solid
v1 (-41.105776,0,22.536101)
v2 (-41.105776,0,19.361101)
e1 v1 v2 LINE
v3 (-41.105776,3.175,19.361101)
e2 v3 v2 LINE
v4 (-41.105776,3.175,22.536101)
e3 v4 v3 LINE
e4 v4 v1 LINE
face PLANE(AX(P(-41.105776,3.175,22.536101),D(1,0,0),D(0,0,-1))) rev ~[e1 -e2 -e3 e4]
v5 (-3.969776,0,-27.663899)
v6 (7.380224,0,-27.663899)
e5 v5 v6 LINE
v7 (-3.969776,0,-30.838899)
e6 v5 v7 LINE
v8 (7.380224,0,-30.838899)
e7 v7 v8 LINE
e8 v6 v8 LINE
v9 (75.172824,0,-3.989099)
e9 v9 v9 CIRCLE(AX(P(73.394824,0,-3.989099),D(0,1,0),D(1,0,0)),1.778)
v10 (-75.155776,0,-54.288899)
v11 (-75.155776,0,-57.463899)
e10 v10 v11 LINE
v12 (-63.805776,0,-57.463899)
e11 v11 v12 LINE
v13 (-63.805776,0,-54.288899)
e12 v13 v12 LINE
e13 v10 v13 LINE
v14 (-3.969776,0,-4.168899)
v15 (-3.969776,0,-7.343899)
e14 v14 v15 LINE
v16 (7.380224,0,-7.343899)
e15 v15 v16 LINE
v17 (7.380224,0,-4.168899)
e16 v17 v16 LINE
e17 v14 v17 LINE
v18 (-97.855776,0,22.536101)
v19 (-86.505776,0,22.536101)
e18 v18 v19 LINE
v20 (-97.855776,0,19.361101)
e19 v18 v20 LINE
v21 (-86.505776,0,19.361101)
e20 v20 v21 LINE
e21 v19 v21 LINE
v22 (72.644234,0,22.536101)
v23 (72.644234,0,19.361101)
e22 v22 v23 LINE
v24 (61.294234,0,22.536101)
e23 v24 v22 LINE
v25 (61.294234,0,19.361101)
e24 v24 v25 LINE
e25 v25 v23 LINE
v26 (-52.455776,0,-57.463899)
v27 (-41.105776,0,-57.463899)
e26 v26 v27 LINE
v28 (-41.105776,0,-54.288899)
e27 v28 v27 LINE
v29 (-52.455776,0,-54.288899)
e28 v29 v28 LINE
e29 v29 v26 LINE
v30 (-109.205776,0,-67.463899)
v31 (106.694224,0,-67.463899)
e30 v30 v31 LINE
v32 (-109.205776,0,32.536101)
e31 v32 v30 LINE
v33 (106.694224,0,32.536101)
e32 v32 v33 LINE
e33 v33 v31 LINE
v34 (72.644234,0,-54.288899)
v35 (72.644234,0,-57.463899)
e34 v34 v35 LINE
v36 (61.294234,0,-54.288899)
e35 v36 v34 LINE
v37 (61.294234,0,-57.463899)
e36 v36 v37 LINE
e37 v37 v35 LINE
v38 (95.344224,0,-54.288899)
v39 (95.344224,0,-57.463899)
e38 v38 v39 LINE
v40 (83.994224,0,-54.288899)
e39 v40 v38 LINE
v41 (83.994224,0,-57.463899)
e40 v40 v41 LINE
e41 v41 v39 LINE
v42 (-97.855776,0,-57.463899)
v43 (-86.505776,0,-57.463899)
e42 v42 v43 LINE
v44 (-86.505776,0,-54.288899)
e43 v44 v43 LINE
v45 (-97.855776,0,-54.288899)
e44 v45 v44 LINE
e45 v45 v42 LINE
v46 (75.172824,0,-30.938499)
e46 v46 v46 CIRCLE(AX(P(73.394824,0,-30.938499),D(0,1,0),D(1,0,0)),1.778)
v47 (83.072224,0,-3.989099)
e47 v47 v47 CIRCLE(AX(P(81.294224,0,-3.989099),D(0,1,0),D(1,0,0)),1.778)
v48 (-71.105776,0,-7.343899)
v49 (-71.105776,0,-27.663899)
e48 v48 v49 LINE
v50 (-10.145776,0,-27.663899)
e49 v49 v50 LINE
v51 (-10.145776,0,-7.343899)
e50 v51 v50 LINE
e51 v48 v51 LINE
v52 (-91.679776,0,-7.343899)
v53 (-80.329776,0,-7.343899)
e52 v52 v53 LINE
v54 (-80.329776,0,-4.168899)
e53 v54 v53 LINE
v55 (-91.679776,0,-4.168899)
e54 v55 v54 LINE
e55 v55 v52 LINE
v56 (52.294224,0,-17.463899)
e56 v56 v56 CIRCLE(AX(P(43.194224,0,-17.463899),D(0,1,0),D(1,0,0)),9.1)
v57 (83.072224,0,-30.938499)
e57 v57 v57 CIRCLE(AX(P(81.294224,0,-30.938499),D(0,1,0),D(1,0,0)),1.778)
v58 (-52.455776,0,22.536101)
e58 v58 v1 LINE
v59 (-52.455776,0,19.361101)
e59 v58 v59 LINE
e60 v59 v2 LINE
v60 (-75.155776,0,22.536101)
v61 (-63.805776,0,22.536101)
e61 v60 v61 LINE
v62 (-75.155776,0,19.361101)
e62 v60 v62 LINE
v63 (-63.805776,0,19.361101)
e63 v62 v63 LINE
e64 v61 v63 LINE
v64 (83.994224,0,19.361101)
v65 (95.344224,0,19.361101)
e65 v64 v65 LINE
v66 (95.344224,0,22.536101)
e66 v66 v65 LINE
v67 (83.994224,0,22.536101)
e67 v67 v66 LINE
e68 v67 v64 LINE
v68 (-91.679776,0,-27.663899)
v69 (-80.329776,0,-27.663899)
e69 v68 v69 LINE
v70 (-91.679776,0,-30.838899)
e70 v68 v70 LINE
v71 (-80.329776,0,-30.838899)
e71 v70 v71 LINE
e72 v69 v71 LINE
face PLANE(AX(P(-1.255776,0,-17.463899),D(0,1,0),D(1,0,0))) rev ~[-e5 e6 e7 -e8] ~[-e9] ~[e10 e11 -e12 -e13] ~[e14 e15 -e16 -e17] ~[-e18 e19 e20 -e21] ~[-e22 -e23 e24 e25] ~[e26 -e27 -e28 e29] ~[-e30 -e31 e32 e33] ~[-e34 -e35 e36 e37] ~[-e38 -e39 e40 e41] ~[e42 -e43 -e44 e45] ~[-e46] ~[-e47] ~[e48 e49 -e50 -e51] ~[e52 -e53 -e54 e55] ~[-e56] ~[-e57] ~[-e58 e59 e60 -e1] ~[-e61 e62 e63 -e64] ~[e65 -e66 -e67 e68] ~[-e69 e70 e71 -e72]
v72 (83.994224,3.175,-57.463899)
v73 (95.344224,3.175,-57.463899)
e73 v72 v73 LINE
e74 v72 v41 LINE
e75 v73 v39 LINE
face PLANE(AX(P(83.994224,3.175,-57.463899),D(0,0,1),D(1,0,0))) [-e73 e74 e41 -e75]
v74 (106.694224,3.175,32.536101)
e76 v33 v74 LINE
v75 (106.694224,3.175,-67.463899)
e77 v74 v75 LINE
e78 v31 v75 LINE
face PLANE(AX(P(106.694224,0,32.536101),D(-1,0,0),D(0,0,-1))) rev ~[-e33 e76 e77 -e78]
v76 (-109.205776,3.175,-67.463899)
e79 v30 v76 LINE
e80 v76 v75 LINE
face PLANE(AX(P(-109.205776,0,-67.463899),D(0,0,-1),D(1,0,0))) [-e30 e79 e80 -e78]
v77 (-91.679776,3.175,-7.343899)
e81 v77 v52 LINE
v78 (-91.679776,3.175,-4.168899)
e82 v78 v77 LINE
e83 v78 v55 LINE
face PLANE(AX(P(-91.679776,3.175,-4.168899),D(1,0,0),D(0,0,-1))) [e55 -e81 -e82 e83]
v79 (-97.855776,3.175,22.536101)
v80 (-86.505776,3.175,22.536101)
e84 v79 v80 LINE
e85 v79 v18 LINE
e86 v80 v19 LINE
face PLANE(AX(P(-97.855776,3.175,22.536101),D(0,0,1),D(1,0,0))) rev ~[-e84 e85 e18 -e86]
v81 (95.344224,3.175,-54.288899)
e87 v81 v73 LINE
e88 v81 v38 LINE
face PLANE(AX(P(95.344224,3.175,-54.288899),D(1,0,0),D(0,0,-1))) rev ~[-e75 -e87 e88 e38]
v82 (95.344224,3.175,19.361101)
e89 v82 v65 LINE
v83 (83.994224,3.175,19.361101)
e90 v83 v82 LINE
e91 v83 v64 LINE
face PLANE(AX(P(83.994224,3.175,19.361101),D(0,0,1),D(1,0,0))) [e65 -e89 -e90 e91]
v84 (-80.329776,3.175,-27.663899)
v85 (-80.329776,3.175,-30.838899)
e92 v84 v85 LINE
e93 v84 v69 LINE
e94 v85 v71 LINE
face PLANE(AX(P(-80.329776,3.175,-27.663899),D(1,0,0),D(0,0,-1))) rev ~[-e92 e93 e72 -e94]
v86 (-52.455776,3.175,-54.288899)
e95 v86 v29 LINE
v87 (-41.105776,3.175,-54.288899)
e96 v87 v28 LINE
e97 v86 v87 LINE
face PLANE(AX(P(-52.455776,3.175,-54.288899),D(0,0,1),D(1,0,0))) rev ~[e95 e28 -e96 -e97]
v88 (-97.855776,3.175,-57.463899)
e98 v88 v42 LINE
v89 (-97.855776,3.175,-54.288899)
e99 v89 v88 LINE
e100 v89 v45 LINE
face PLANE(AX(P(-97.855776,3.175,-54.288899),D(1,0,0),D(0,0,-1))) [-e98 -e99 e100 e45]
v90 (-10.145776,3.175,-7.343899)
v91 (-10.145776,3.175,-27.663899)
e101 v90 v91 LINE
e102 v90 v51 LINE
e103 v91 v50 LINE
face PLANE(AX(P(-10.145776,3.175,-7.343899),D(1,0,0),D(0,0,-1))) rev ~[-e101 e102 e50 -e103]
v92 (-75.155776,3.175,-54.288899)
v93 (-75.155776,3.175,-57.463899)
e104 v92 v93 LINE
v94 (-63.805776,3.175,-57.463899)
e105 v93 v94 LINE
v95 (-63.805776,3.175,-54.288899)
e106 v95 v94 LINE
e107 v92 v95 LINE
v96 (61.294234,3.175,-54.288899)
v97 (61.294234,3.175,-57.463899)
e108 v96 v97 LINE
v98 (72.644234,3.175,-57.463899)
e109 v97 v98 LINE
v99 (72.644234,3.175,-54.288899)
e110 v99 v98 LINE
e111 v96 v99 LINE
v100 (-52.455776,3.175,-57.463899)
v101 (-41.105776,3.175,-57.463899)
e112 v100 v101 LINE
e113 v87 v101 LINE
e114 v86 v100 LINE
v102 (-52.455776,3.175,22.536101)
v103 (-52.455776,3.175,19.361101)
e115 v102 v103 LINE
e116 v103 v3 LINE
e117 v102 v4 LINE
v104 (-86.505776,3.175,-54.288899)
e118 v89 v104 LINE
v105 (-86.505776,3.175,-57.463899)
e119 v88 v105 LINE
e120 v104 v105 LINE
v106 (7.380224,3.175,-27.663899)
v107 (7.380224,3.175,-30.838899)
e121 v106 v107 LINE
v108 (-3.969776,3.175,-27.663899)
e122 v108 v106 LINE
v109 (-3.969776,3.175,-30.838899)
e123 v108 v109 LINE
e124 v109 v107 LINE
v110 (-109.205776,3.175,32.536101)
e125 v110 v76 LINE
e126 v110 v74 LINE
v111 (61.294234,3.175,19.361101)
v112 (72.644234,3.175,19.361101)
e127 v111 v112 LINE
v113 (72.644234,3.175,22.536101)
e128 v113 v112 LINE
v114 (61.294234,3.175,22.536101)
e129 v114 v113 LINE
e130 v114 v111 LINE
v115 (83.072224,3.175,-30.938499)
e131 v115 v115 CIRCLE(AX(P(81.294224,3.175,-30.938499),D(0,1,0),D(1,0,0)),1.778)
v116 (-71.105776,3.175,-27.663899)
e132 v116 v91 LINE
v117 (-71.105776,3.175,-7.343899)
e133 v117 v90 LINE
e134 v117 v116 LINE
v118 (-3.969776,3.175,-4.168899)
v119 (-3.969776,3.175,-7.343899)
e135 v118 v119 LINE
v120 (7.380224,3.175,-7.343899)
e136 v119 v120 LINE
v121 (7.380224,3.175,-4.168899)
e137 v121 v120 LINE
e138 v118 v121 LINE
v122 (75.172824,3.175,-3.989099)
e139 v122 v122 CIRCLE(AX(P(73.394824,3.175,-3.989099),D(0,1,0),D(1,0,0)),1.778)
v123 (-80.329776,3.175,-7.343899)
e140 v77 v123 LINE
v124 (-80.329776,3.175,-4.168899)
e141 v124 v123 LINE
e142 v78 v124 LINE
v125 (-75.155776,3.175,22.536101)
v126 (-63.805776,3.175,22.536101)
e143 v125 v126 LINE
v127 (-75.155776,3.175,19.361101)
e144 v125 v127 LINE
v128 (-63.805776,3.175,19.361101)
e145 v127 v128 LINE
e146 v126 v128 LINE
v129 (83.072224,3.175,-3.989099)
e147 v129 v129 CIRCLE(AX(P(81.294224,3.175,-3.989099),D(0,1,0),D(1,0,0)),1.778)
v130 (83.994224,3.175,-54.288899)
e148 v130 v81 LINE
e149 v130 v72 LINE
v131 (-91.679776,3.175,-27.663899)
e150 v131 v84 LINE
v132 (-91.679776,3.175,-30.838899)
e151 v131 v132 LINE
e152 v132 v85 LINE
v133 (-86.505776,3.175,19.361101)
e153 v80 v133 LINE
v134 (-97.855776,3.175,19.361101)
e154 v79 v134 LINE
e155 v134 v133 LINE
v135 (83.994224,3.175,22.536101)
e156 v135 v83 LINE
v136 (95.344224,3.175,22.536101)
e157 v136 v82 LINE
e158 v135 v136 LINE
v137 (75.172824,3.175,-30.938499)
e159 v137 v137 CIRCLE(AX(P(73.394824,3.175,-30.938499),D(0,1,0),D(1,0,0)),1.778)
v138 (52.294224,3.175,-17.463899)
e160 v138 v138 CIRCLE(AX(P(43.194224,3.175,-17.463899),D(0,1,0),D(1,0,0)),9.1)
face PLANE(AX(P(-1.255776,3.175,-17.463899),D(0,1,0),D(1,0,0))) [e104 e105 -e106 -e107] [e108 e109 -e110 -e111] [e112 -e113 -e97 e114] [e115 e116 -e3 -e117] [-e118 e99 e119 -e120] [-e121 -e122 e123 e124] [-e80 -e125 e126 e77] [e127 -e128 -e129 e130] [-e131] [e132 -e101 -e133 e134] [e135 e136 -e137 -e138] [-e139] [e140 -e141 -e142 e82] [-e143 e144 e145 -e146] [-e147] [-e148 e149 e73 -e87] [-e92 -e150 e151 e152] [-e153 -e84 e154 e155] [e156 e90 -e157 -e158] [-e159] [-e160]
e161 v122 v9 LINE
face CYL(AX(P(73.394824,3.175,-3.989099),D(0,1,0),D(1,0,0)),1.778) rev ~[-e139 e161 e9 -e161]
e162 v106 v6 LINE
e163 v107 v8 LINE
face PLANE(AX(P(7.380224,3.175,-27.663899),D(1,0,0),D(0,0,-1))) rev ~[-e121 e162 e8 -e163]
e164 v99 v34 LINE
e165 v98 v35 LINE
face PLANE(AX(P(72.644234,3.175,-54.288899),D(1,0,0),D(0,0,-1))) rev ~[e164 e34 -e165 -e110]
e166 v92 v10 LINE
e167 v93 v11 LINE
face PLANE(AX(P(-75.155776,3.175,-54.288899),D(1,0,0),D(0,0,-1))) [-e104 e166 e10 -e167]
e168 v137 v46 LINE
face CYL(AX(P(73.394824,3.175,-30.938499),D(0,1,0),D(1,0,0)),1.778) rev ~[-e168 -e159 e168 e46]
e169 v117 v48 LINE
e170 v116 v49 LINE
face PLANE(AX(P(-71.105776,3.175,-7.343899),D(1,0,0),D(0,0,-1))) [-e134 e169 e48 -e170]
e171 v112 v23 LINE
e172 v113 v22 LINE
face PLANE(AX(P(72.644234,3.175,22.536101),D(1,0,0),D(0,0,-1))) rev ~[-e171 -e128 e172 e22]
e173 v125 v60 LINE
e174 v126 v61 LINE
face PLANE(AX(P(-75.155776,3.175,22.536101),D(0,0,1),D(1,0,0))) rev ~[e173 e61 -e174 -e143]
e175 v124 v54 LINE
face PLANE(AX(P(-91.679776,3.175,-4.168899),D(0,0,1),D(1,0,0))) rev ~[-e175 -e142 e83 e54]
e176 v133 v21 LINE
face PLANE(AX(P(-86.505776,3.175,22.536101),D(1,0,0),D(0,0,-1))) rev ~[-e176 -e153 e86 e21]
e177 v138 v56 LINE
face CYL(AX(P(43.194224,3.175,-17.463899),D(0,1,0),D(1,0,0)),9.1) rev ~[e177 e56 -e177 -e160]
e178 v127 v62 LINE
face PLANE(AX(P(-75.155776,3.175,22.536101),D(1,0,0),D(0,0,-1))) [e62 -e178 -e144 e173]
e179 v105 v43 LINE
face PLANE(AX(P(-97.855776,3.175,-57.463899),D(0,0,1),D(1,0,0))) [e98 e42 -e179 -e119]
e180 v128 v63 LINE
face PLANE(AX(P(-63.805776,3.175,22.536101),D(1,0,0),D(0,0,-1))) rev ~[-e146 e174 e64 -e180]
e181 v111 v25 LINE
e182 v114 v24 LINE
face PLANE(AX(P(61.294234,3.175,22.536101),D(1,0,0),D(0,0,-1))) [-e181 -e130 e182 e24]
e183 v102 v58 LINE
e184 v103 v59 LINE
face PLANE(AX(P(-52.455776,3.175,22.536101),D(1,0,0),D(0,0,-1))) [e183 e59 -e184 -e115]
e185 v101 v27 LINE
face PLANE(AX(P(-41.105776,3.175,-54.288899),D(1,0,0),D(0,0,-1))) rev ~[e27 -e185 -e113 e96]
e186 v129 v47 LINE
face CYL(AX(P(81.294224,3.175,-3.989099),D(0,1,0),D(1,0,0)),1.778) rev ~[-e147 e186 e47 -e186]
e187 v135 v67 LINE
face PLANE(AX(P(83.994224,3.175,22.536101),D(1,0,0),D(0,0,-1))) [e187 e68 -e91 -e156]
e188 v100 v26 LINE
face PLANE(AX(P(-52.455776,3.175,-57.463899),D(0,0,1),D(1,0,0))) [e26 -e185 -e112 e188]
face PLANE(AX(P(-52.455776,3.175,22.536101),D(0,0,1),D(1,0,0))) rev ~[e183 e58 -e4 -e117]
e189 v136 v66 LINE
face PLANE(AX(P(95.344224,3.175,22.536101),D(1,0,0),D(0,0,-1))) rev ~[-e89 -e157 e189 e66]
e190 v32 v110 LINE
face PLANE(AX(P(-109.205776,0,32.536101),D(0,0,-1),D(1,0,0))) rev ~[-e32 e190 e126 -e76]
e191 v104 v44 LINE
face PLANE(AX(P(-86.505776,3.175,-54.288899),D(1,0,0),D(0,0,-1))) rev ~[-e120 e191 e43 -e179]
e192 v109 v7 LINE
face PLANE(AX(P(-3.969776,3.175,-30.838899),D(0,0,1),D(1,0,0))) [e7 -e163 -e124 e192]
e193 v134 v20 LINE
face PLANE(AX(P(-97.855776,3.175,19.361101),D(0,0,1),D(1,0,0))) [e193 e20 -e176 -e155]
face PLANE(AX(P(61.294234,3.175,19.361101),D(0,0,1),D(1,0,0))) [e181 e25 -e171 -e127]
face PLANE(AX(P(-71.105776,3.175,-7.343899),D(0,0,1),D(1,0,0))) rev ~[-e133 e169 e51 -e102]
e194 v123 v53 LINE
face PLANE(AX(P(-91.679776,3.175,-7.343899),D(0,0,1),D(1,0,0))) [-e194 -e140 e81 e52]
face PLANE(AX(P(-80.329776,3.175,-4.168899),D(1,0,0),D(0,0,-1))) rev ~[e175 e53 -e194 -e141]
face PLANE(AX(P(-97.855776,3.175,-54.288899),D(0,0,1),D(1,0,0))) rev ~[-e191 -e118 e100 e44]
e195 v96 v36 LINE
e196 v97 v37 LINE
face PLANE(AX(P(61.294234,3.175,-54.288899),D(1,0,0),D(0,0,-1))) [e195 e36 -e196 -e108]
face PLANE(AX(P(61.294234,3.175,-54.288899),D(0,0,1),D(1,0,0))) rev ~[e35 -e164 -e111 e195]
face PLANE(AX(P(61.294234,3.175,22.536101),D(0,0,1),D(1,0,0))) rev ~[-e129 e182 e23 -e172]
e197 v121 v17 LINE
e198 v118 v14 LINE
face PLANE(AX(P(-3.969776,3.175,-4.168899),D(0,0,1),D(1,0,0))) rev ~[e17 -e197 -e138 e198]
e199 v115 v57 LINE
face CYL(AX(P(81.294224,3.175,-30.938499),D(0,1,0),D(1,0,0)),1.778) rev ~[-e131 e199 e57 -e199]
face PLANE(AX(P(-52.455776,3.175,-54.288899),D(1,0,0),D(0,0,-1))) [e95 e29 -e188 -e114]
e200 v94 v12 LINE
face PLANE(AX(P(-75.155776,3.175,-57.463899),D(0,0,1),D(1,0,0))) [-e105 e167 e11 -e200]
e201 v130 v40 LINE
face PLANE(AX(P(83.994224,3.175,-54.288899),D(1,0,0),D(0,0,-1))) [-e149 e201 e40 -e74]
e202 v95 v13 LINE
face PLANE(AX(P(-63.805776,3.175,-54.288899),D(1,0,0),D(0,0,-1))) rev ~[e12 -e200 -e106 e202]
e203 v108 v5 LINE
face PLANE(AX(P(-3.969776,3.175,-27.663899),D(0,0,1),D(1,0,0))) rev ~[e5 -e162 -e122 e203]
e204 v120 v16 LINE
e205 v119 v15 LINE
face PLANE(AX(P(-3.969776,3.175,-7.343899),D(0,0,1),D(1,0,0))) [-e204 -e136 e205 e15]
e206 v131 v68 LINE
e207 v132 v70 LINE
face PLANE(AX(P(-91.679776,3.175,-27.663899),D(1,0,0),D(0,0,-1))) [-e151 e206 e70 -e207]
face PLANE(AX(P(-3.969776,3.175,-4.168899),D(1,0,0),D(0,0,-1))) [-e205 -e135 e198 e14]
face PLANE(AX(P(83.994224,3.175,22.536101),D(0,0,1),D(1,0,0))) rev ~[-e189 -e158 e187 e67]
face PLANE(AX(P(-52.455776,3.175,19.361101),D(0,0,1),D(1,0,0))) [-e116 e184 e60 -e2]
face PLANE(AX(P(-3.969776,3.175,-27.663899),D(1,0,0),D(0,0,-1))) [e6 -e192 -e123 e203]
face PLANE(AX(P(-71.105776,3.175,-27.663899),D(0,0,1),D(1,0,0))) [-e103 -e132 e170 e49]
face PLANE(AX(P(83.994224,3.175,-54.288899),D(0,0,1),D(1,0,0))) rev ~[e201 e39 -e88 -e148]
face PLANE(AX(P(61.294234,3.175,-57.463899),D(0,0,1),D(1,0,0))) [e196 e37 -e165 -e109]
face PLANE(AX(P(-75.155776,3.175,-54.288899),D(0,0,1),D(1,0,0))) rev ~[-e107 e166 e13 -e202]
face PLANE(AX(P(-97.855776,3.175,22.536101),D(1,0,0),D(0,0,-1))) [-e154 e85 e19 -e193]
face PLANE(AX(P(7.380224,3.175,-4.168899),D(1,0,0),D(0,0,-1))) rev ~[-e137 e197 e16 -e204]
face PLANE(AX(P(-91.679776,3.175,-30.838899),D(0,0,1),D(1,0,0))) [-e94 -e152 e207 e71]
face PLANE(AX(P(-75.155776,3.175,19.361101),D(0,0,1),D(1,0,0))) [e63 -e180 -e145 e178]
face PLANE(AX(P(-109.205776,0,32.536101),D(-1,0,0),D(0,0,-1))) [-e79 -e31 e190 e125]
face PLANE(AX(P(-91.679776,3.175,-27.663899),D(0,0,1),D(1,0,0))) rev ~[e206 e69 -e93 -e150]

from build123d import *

# Parameters (mm, degrees)
SKETCH1_W               = 215.9
SKETCH1_H               = 100
BOSS_EXTRUDE1_DEPTH     = 3.175
SKETCH3_W               = 11.35
SKETCH3_H               = 3.175
CUT_EXTRUDE2_DEPTH      = 3.175
SKETCH4_W               = 11.35
SKETCH4_H               = 3.175
CUT_EXTRUDE3_DEPTH      = 3.175
SKETCH5_W               = 60.96
SKETCH5_H               = 20.32
CUT_EXTRUDE4_DEPTH      = 1
CUT_EXTRUDE4_DEPTH_BACK = 3.175
SKETCH7_R               = 9.1
CUT_EXTRUDE6_DEPTH      = 3.175
SKETCH8_R               = 1.778
CUT_EXTRUDE7_DEPTH      = 3.175
SKETCH9_W               = 11.35
SKETCH9_H               = 3.175
CUT_EXTRUDE8_DEPTH      = 3.175


with BuildPart() as part:
    # Sketch1 → Boss-Extrude1 (new body)
    with BuildSketch(Plane(origin=(0, 0, 0), x_dir=(1, 0, 0), z_dir=(0, 1, 0))):
        with Locations((-1.255776173, 17.463898917)):
            Rectangle(SKETCH1_W, SKETCH1_H)
    extrude(amount=BOSS_EXTRUDE1_DEPTH)

    # Sketch3 → Cut-Extrude2 (cut)
    with BuildSketch(Plane(origin=(0, 3.175, 0), x_dir=(1, 0, 0), z_dir=(0, 1, 0))):
        with Locations((-92.180776173, 55.876398917)):
            Rectangle(SKETCH3_W, SKETCH3_H)
        with Locations((-46.780776173, 55.876398917)):
            Rectangle(SKETCH3_W, SKETCH3_H)
        with Locations((-69.480776173, 55.876398917)):
            Rectangle(SKETCH3_W, SKETCH3_H)
        with Locations((66.969233827, 55.876398917)):
            Rectangle(SKETCH3_W, SKETCH3_H)
        with Locations((89.669223827, 55.876398917)):
            Rectangle(SKETCH3_W, SKETCH3_H)
    extrude(amount=-CUT_EXTRUDE2_DEPTH, mode=Mode.SUBTRACT)

    # Sketch4 → Cut-Extrude3 (cut)
    with BuildSketch(Plane(origin=(0, 3.175, 0), x_dir=(1, 0, 0), z_dir=(0, 1, 0))):
        with Locations((-92.180776173, -20.948601083)):
            Rectangle(SKETCH4_W, SKETCH4_H)
        with Locations((-69.480776173, -20.948601083)):
            Rectangle(SKETCH4_W, SKETCH4_H)
        with Locations((-46.780776173, -20.948601083)):
            Rectangle(SKETCH4_W, SKETCH4_H)
        with Locations((66.969233827, -20.948601083)):
            Rectangle(SKETCH4_W, SKETCH4_H)
        with Locations((89.669223827, -20.948601083)):
            Rectangle(SKETCH4_W, SKETCH4_H)
    extrude(amount=-CUT_EXTRUDE3_DEPTH, mode=Mode.SUBTRACT)

    # Sketch5 → Cut-Extrude4 (cut, two sides)
    with BuildSketch(Plane(origin=(0, 3.175, 0), x_dir=(1, 0, 0), z_dir=(0, 1, 0))) as cut_extrude4_sk:
        with Locations((-40.625776173, 17.503898917)):
            Rectangle(SKETCH5_W, SKETCH5_H)
    extrude(amount=CUT_EXTRUDE4_DEPTH, mode=Mode.SUBTRACT)
    extrude(cut_extrude4_sk.sketch, amount=-CUT_EXTRUDE4_DEPTH_BACK, mode=Mode.SUBTRACT)

    # Sketch7 → Cut-Extrude6 (cut)
    with BuildSketch(Plane(origin=(0, 3.175, 0), x_dir=(1, 0, 0), z_dir=(0, 1, 0))):
        with Locations((43.194223827, 17.463898917)):
            Circle(SKETCH7_R)
    extrude(amount=-CUT_EXTRUDE6_DEPTH, mode=Mode.SUBTRACT)

    # Sketch8 → Cut-Extrude7 (cut)
    with BuildSketch(Plane(origin=(0, 3.175, 0), x_dir=(1, 0, 0), z_dir=(0, 1, 0))):
        with Locations((73.394823827, 30.938498917)):
            Circle(SKETCH8_R)
        with Locations((81.294223827, 3.989098917)):
            Circle(SKETCH8_R)
        with Locations((73.394823827, 3.989098917)):
            Circle(SKETCH8_R)
        with Locations((81.294223827, 30.938498917)):
            Circle(SKETCH8_R)
    extrude(amount=-CUT_EXTRUDE7_DEPTH, mode=Mode.SUBTRACT)

    # Sketch9 → Cut-Extrude8 (cut)
    with BuildSketch(Plane(origin=(0, 3.175, 0), x_dir=(1, 0, 0), z_dir=(0, 1, 0))):
        with Locations((-86.004776173, 5.756398917)):
            Rectangle(SKETCH9_W, SKETCH9_H)
        with Locations((-86.004776173, 29.251398917)):
            Rectangle(SKETCH9_W, SKETCH9_H)
        with Locations((1.705223827, 5.756398917)):
            Rectangle(SKETCH9_W, SKETCH9_H)
        with Locations((1.705223827, 29.251398917)):
            Rectangle(SKETCH9_W, SKETCH9_H)
    extrude(amount=-CUT_EXTRUDE8_DEPTH, mode=Mode.SUBTRACT)


solid = part.part
